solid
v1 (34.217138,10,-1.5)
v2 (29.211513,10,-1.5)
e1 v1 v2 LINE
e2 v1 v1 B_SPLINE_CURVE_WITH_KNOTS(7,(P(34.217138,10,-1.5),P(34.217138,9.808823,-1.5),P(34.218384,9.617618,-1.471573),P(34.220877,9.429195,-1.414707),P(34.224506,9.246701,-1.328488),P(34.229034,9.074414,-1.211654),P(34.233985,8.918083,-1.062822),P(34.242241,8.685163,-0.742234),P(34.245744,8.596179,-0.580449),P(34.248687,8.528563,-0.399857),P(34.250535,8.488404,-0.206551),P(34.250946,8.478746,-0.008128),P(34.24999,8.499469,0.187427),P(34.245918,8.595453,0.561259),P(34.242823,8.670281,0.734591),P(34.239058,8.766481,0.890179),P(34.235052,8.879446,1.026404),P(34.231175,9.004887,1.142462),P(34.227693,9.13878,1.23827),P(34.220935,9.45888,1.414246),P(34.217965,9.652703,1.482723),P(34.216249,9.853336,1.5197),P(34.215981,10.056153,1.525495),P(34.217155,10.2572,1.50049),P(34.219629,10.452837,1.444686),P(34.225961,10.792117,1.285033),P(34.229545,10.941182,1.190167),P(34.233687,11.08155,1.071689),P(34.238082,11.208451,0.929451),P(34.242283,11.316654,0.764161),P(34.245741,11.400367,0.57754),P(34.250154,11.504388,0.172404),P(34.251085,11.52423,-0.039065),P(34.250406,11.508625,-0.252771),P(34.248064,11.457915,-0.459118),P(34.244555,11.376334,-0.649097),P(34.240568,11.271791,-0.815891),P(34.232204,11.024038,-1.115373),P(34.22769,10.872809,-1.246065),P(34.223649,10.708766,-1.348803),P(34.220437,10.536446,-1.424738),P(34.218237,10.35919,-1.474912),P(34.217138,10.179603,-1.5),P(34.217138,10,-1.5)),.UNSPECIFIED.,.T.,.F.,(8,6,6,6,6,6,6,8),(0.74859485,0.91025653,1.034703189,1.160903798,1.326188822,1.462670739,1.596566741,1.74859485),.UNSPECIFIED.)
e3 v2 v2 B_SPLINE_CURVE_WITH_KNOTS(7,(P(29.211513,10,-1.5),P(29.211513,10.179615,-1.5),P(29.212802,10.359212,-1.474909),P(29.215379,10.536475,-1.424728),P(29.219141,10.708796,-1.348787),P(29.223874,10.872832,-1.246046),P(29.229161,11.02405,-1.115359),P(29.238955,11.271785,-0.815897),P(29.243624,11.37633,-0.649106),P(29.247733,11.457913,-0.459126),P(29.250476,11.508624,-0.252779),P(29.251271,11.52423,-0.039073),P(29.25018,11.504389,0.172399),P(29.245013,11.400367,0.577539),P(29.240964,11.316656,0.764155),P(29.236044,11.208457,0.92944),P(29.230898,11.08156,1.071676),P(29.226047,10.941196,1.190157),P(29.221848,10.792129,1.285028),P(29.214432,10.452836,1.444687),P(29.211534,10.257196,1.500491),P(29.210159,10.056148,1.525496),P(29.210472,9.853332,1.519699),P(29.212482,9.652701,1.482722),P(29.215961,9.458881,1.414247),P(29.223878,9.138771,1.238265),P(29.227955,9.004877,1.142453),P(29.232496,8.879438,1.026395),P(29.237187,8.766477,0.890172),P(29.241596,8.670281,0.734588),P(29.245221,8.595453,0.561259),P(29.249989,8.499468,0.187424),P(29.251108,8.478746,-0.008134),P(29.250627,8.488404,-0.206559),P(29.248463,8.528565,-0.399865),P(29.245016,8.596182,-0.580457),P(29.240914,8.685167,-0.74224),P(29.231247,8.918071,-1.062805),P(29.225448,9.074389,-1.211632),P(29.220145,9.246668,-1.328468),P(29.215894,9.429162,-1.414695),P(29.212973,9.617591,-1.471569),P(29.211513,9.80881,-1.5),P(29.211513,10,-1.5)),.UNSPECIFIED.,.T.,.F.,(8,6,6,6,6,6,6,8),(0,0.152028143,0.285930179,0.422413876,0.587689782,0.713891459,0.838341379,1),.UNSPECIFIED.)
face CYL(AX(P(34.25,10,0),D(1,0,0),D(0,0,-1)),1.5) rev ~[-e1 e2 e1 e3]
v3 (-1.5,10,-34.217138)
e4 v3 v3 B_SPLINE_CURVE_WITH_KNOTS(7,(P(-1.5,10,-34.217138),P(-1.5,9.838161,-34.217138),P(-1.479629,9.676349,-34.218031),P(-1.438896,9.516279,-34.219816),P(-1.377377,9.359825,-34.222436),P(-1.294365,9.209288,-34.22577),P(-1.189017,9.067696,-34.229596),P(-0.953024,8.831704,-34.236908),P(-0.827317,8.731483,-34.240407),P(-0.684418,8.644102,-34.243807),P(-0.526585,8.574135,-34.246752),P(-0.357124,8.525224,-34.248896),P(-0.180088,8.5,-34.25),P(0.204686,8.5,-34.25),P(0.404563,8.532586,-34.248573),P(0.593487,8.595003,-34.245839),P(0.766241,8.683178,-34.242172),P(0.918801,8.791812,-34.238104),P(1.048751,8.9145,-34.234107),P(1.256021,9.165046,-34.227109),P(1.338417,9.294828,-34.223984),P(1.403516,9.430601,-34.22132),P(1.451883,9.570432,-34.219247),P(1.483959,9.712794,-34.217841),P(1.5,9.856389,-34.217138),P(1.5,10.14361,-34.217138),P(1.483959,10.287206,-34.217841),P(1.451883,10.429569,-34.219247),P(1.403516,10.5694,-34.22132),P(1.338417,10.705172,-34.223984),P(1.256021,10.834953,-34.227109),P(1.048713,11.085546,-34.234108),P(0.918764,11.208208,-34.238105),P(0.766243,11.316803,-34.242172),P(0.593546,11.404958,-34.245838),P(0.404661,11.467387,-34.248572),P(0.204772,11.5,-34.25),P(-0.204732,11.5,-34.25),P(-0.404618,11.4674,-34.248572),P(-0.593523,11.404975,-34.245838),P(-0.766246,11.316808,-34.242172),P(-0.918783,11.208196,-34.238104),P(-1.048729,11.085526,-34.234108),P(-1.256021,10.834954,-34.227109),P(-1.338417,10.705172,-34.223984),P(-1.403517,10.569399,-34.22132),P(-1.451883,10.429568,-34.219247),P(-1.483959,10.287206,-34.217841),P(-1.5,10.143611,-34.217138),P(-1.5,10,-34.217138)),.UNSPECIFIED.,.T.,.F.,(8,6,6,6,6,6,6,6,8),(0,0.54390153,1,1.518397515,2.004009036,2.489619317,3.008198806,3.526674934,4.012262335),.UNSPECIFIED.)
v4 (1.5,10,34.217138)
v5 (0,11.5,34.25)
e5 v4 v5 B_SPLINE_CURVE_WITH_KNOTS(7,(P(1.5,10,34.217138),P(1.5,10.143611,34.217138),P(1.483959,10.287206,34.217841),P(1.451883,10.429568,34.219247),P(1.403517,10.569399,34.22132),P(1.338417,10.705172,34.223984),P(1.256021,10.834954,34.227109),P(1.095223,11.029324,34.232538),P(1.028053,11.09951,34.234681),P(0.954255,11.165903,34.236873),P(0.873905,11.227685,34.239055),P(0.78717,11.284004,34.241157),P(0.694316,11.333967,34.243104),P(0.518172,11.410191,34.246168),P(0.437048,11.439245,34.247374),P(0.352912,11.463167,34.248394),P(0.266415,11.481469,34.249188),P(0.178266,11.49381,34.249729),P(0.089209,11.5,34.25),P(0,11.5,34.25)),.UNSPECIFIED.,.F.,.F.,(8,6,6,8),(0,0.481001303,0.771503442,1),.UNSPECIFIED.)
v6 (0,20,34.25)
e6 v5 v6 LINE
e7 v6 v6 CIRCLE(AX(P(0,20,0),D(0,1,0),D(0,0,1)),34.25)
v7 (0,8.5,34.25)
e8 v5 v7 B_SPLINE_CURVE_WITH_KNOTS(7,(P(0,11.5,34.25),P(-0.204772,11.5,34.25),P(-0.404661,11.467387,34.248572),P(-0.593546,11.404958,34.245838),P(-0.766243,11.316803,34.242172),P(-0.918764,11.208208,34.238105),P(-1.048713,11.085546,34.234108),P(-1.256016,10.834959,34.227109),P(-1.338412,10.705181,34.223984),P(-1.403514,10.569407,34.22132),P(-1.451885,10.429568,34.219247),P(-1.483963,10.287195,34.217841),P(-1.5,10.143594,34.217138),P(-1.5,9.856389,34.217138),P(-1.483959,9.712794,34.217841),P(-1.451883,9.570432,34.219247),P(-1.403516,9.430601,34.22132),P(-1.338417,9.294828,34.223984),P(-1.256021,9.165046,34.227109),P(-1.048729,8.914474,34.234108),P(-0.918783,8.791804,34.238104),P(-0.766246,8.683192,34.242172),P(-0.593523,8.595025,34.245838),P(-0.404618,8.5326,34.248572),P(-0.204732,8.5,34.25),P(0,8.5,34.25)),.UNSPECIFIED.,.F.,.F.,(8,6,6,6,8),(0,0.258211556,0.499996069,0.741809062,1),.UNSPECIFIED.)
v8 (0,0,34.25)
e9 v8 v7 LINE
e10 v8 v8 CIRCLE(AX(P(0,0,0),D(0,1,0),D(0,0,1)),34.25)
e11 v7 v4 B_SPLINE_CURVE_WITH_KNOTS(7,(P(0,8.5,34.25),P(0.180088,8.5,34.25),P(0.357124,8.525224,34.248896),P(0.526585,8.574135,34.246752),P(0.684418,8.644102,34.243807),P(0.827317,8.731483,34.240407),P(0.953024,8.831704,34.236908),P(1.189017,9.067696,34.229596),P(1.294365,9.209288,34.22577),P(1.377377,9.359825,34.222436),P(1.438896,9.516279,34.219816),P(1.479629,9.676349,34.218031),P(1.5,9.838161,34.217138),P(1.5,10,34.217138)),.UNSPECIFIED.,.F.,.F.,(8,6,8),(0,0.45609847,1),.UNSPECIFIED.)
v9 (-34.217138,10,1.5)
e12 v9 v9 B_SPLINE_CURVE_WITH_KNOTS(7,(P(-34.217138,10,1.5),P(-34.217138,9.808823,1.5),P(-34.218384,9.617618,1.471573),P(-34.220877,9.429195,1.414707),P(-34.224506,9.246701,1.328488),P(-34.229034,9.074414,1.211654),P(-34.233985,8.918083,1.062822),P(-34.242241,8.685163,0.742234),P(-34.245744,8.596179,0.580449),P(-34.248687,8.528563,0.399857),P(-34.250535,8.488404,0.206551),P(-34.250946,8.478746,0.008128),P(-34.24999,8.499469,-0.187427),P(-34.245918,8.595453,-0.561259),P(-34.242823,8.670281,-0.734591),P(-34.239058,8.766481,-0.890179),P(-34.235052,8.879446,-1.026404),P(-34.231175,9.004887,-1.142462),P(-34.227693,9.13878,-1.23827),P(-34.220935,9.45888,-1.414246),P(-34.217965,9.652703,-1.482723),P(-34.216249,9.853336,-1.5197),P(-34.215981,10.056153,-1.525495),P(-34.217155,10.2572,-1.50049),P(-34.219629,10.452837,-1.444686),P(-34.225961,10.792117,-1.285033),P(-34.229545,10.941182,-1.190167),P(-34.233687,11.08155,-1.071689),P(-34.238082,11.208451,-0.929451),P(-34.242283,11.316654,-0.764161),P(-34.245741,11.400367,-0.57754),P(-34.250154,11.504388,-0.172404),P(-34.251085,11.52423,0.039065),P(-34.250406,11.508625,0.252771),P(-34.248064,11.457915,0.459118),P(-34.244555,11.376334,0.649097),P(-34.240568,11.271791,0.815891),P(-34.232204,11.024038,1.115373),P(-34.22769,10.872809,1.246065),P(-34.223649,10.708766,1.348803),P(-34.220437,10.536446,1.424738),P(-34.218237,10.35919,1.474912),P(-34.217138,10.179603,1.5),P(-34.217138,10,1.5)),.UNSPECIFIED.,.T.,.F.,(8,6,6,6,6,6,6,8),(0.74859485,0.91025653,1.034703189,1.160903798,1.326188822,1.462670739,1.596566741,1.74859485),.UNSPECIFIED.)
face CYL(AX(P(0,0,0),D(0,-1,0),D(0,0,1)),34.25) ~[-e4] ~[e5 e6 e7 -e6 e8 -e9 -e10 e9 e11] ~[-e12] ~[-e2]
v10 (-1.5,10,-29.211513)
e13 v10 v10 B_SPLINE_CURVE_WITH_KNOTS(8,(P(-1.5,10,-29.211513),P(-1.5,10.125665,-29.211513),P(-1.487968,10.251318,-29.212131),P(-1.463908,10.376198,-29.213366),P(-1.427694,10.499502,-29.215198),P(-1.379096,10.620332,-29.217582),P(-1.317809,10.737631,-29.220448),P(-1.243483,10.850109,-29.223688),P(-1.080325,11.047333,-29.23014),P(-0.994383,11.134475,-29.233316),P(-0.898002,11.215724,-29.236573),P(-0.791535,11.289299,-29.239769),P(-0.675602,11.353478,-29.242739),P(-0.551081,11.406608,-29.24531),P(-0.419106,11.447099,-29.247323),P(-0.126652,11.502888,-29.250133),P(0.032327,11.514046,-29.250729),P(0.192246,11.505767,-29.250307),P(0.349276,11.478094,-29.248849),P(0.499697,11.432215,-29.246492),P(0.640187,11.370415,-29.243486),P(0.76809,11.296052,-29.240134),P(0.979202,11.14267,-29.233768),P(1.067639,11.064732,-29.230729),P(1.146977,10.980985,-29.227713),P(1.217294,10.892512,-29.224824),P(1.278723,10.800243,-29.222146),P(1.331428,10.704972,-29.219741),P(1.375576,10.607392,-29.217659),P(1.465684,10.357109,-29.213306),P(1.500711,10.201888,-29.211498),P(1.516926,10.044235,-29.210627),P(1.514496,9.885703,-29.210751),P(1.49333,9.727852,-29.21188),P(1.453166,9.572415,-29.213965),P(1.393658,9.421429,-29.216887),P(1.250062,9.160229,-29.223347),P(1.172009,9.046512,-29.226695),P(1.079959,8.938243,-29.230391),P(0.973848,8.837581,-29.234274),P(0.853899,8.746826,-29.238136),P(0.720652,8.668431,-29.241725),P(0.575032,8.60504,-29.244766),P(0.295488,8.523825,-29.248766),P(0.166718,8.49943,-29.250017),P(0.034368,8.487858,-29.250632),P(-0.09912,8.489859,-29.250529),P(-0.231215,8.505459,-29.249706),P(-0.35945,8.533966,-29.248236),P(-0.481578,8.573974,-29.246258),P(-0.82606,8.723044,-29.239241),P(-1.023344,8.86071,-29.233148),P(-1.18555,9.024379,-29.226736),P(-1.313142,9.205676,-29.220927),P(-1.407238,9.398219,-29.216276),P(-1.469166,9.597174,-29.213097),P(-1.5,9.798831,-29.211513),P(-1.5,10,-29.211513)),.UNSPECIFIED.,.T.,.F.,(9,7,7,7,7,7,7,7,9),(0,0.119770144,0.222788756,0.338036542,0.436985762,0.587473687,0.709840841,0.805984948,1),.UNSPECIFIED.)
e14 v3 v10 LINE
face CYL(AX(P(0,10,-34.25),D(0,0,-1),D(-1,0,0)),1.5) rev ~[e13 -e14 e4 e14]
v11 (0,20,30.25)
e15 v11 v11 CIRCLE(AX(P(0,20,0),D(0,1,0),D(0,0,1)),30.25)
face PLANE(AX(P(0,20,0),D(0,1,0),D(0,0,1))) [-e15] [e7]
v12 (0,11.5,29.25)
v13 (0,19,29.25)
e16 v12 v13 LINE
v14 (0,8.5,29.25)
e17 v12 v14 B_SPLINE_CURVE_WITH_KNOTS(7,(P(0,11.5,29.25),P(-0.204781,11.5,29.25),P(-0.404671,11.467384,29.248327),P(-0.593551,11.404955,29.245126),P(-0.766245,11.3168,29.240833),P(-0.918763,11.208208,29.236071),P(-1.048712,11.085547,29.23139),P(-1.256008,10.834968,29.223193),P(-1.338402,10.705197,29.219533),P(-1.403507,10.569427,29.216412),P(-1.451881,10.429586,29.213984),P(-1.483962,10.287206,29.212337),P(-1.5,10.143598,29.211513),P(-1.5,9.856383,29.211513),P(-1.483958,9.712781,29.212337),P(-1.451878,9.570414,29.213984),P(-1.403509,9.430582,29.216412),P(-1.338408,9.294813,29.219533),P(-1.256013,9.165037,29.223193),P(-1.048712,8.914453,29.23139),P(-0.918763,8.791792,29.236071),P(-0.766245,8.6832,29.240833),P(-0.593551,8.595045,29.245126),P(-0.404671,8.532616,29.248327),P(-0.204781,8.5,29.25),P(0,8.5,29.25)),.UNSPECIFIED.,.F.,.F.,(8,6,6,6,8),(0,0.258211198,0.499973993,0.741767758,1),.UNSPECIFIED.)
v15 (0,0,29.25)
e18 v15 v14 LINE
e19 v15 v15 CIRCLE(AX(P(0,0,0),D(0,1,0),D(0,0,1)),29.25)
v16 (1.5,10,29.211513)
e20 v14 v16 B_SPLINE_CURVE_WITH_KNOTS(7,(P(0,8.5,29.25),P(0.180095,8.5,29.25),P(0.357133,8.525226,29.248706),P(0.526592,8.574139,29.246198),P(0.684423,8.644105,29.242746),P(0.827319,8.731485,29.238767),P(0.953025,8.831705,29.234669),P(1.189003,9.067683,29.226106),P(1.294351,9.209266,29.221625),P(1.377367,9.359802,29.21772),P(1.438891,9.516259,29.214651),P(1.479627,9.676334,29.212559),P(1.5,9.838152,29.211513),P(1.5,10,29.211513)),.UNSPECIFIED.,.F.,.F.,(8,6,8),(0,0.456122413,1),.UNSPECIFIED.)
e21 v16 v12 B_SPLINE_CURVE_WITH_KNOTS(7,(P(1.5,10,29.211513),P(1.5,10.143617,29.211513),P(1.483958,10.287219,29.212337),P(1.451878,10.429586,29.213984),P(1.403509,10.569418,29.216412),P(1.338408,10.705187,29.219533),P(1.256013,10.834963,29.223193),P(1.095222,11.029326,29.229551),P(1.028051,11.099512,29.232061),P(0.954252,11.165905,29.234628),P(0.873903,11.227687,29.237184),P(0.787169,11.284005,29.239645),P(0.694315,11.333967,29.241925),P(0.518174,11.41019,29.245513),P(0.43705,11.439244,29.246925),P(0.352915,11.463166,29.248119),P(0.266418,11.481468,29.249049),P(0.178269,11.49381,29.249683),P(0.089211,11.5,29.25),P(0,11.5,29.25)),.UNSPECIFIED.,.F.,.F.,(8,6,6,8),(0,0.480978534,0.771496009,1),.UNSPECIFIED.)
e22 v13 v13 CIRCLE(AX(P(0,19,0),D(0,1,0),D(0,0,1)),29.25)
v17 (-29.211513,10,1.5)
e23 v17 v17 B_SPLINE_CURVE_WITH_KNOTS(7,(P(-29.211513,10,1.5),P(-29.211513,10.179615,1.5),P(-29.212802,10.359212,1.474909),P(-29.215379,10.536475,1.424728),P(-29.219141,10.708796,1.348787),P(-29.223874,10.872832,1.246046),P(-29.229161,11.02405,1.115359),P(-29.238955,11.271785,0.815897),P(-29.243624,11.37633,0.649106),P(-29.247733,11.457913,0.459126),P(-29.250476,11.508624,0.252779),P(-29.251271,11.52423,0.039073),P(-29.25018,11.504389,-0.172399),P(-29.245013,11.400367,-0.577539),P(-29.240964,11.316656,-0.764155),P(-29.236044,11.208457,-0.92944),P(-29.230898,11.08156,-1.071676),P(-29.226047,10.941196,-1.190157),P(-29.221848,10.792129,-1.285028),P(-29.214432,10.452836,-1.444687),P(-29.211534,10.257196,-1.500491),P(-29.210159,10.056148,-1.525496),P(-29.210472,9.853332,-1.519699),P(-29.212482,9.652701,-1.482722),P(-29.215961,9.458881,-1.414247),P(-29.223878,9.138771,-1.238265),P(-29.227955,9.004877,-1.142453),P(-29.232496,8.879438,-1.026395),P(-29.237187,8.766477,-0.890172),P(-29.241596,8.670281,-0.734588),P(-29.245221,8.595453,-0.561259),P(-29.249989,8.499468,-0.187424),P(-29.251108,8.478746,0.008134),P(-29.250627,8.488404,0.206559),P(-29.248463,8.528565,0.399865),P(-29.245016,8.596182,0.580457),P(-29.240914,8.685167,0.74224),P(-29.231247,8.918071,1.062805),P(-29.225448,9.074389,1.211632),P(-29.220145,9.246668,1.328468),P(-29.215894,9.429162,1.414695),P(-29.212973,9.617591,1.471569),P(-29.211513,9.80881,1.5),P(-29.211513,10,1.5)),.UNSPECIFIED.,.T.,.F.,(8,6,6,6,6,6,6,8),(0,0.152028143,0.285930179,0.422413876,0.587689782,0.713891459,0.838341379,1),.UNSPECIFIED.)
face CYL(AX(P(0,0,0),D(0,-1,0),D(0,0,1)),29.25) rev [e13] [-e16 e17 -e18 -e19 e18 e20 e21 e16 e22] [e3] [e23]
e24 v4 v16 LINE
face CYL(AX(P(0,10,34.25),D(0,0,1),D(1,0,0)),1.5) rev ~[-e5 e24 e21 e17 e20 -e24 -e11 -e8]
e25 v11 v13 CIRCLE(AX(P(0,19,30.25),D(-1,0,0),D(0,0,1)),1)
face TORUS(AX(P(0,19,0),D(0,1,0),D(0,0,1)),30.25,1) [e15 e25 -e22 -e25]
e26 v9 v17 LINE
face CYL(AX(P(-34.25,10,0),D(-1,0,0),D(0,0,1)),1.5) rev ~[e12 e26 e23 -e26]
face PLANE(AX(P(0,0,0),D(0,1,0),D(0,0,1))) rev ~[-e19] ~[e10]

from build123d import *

# Parameters (mm, degrees)
SKETCH1_R           = 34.25
SKETCH1_R_2         = 29.25
BOSS_EXTRUDE1_DEPTH = 20
SKETCH2_R           = 1.5
CUT_EXTRUDE1_DEPTH  = 20
CIRPATTERN1_COUNT   = 4
FILLET1_R           = 1


with BuildPart() as part:
    # Sketch1 → Boss-Extrude1 (new body)
    with BuildSketch(Plane(origin=(0, 0, 0), x_dir=(1, 0, 0), z_dir=(0, 1, 0))):
        with Locations(Location((0, 0, 0), (0, 0, 270))):
            Circle(SKETCH1_R)
        with Locations(Location((0, 0, 0), (0, 0, 270))):
            Circle(SKETCH1_R_2, mode=Mode.SUBTRACT)
    extrude(amount=BOSS_EXTRUDE1_DEPTH)

    # Sketch2 → Cut-Extrude1 (cut)
    with BuildSketch(Plane.ZY.offset(34.25)):
        with Locations((0, 10)):
            Circle(SKETCH2_R)
    cut_extrude1 = extrude(amount=-CUT_EXTRUDE1_DEPTH, mode=Mode.SUBTRACT)

    # CirPattern1: Cut-Extrude1 ×4 about axis
    cirpattern1_axis = Axis((0, 20, 0), (0, -1, 0))
    for i in range(1, CIRPATTERN1_COUNT):
        add(cut_extrude1.rotate(cirpattern1_axis, i * 360 / CIRPATTERN1_COUNT), mode=Mode.SUBTRACT)

    # Fillet1
    fillet1_edges = [part.edges().sort_by_distance(p)[0] for p in [
        (0, 20, -29.25),
    ]]
    fillet(fillet1_edges, radius=FILLET1_R)


solid = part.part
